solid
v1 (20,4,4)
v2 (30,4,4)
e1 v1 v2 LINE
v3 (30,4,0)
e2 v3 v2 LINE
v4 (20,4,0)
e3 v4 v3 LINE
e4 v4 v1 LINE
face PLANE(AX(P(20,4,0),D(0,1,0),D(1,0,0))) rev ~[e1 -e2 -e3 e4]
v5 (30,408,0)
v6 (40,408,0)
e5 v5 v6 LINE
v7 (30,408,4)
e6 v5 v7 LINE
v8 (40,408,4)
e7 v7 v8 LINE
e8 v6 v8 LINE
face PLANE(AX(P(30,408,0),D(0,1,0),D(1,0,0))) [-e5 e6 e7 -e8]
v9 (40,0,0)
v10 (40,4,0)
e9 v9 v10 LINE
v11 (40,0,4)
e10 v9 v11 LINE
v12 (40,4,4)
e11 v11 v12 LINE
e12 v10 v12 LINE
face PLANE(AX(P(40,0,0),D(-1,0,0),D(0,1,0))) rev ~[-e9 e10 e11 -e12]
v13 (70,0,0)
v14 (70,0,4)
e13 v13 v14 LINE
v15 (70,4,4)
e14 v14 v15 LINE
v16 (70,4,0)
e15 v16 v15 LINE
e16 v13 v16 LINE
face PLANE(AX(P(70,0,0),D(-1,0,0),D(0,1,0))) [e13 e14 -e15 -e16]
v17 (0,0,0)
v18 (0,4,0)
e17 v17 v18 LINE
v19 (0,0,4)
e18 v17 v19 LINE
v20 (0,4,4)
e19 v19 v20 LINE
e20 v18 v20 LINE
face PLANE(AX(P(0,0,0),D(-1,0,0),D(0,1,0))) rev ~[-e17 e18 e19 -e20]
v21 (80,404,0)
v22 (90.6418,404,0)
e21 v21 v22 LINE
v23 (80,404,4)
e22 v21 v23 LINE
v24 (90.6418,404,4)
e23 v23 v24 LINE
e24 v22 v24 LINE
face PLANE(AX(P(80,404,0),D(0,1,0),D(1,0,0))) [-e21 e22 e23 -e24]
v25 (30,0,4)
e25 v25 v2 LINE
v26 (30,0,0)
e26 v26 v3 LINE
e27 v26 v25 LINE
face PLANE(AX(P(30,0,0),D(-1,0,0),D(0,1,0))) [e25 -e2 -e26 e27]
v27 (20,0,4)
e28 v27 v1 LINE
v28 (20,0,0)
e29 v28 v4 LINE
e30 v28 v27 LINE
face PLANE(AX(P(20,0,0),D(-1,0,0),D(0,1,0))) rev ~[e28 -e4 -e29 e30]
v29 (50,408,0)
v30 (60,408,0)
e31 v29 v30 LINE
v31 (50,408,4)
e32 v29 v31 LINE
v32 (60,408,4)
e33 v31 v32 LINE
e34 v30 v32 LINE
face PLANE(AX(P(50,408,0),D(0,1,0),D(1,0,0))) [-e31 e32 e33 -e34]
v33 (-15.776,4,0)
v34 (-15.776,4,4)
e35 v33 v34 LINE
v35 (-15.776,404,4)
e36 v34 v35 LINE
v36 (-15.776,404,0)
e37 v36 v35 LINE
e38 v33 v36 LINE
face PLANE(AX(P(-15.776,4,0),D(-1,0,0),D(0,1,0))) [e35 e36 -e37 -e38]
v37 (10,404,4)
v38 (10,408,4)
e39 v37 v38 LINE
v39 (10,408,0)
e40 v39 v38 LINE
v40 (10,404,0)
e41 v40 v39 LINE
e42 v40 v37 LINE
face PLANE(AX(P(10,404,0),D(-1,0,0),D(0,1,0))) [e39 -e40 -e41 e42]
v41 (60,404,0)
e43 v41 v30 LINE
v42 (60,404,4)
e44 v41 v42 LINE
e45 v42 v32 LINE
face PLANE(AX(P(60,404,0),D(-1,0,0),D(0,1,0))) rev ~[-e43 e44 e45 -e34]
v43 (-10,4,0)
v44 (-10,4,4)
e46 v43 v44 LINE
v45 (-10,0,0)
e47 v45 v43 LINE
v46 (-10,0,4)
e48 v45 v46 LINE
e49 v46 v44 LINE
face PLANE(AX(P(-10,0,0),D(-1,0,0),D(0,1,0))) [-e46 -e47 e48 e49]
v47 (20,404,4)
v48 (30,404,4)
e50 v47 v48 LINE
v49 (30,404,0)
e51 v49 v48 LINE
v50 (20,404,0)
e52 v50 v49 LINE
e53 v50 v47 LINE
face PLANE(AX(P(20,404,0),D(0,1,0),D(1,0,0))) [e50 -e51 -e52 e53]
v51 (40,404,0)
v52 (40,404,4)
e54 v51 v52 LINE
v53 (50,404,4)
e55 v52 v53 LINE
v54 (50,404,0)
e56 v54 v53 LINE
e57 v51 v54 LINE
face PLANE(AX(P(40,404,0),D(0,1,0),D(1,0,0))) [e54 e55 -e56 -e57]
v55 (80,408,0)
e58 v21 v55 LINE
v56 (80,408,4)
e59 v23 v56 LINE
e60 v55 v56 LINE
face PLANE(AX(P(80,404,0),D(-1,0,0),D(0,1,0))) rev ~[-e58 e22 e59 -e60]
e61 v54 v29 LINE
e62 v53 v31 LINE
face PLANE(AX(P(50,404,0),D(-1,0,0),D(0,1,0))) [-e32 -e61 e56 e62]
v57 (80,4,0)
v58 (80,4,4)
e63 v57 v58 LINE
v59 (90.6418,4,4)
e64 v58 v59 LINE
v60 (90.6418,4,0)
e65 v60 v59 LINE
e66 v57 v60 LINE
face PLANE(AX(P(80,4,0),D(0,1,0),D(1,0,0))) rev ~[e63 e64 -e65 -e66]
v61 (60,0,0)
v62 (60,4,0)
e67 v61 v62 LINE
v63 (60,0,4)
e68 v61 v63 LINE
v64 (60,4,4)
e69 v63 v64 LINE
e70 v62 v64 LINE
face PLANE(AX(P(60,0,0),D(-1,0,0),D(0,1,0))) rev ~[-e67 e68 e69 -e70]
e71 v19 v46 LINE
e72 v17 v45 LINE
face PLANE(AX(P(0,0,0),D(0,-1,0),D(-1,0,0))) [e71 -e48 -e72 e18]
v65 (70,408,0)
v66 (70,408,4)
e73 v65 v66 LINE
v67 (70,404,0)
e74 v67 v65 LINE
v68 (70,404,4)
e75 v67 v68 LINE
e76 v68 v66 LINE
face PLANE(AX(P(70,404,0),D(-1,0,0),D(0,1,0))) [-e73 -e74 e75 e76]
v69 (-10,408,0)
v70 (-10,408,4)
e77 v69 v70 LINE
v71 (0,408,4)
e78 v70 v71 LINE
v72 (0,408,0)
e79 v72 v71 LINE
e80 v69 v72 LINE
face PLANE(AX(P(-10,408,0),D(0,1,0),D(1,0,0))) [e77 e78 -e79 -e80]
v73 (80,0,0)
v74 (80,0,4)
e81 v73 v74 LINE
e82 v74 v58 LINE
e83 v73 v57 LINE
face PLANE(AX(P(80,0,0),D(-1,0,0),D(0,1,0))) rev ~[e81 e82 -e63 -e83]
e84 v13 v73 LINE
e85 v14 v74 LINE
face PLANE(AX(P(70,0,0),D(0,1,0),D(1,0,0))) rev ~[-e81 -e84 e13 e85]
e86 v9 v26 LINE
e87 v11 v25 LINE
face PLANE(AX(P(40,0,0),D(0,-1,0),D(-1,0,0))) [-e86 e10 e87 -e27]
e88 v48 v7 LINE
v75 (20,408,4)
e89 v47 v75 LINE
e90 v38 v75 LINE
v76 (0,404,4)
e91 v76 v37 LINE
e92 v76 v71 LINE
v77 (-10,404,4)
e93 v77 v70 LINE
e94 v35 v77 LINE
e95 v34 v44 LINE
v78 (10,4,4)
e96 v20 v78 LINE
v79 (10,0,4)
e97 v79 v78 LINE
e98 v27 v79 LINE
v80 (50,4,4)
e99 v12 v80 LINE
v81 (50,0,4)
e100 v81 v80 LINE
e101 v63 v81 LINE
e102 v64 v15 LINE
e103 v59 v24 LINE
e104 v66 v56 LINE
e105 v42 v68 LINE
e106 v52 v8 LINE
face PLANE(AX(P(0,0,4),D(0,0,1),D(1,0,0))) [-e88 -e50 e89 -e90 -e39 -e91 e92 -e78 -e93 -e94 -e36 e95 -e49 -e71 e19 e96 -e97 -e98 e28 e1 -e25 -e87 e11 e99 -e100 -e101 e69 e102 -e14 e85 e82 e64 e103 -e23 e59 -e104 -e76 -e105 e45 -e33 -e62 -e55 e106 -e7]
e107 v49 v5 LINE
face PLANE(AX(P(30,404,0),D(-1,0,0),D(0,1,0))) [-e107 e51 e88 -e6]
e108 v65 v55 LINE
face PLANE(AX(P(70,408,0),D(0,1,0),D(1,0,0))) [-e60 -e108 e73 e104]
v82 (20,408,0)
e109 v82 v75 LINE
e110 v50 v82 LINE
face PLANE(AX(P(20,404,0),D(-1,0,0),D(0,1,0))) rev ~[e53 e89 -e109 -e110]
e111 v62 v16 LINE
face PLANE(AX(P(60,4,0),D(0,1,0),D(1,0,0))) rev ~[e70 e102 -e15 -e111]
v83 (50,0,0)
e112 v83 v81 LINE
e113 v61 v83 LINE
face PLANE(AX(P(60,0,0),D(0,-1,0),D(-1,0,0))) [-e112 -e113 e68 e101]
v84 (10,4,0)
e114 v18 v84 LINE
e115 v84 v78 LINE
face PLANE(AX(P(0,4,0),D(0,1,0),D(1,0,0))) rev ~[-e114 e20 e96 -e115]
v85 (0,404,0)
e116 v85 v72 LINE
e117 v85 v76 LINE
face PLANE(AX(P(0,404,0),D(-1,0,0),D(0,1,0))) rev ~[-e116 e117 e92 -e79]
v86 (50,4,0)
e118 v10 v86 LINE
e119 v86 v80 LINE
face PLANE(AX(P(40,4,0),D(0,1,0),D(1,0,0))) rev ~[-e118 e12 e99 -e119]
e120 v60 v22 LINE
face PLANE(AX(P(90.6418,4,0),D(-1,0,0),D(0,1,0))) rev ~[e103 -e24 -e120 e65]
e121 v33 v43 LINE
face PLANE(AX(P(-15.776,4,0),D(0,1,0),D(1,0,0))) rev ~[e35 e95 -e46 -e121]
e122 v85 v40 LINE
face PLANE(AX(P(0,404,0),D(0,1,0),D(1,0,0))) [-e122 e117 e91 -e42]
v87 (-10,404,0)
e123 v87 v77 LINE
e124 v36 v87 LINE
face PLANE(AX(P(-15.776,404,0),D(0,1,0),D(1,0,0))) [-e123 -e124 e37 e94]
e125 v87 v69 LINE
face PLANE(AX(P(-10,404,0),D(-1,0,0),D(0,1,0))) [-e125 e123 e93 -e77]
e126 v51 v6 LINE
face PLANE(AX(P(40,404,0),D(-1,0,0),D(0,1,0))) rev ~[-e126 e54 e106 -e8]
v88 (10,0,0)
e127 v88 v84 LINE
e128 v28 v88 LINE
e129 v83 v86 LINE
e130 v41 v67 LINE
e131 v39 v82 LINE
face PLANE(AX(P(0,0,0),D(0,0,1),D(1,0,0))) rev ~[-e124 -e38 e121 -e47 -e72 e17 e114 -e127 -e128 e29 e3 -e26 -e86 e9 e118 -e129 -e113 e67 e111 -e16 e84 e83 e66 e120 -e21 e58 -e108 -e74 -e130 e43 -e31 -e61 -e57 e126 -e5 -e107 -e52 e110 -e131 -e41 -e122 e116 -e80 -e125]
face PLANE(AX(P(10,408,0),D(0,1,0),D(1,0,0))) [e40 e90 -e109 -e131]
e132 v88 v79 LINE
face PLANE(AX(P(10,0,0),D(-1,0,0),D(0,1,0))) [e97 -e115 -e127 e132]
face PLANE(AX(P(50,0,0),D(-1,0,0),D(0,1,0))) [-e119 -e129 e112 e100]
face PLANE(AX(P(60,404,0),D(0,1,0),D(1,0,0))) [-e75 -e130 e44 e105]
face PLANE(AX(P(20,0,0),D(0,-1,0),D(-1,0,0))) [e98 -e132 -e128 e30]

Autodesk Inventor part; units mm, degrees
ref_plane "YZ Plane" through (0, 0, 0) normal (1, 0, 0) x (0, 1, 0)
ref_plane "XZ Plane" through (0, 0, 0) normal (0, 1, 0) x (-1, 0, 0)
ref_plane "XY Plane" through (0, 0, 0) normal (0, 0, 1) x (1, 0, 0)
sketch "Эскиз1" plane through (0, 0, 0) normal (0, 0, 1) x (1, 0, 0)
  line L0 (-15.776, 404) -> (-10, 404) projected
  line L1 (0, 404) -> (-10, 404) projected
  line L2 (0, 404) -> (0, 408) projected
  line L3 (-10, 408) -> (0, 408) projected
  line L4 (-10, 404) -> (-10, 408) projected
  line L5 (20, 404) -> (10, 404) projected
  line L6 (20, 404) -> (20, 408) projected
  line L7 (10, 408) -> (20, 408) projected
  line L8 (10, 404) -> (10, 408) projected
  line L9 (0, 404) -> (10, 404) projected
  line L10 (20, 404) -> (30, 404) projected
  line L11 (40, 404) -> (30, 404) projected
  line L12 (40, 404) -> (40, 408) projected
  line L13 (30, 408) -> (40, 408) projected
  line L14 (30, 404) -> (30, 408) projected
  line L15 (40, 404) -> (50, 404) projected
  line L16 (60, 404) -> (50, 404) projected
  line L17 (60, 404) -> (60, 408) projected
  line L18 (50, 408) -> (60, 408) projected
  line L19 (50, 404) -> (50, 408) projected
  line L20 (60, 404) -> (70, 404) projected
  line L21 (70, 404) -> (80, 404) projected
  line L22 (80, 404) -> (80, 408) projected
  line L23 (70, 408) -> (80, 408) projected
  line L24 (70, 404) -> (70, 408) projected
  line L25 (80, 404) -> (90.6418, 404) projected
  line L26 (-15.776, 4) -> (-10, 4) projected
  line L27 (0, 0) -> (-10, 0) projected
  line L28 (0, 0) -> (0, 4) projected
  line L29 (-10, 4) -> (0, 4) projected
  line L30 (-10, 0) -> (-10, 4) projected
  line L31 (0, 4) -> (10, 4) projected
  line L32 (20, 0) -> (10, 0) projected
  line L33 (20, 0) -> (20, 4) projected
  line L34 (10, 4) -> (20, 4) projected
  line L35 (10, 0) -> (10, 4) projected
  line L36 (20, 4) -> (30, 4) projected
  line L37 (40, 0) -> (30, 0) projected
  line L38 (40, 0) -> (40, 4) projected
  line L39 (30, 4) -> (40, 4) projected
  line L40 (30, 0) -> (30, 4) projected
  line L41 (60, 0) -> (50, 0) projected
  line L42 (60, 0) -> (60, 4) projected
  line L43 (50, 4) -> (60, 4) projected
  line L44 (50, 0) -> (50, 4) projected
  line L45 (40, 4) -> (50, 4) projected
  line L46 (60, 4) -> (70, 4) projected
  line L47 (70, 0) -> (80, 0) projected
  line L48 (80, 0) -> (80, 4) projected
  line L49 (70, 4) -> (80, 4) projected
  line L50 (70, 0) -> (70, 4) projected
  line L51 (80, 4) -> (90.6418, 4) projected
  line L52 (90.6418, 4) -> (90.6418, 404)
  line L53 (-15.776, 404) -> (-10, 404) projected
  line L54 (-15.776, 4) -> (-15.776, 404)
extrude "Выдавливание1" add sketch "Эскиз1" along normal blind 4
properties part number "верх"
